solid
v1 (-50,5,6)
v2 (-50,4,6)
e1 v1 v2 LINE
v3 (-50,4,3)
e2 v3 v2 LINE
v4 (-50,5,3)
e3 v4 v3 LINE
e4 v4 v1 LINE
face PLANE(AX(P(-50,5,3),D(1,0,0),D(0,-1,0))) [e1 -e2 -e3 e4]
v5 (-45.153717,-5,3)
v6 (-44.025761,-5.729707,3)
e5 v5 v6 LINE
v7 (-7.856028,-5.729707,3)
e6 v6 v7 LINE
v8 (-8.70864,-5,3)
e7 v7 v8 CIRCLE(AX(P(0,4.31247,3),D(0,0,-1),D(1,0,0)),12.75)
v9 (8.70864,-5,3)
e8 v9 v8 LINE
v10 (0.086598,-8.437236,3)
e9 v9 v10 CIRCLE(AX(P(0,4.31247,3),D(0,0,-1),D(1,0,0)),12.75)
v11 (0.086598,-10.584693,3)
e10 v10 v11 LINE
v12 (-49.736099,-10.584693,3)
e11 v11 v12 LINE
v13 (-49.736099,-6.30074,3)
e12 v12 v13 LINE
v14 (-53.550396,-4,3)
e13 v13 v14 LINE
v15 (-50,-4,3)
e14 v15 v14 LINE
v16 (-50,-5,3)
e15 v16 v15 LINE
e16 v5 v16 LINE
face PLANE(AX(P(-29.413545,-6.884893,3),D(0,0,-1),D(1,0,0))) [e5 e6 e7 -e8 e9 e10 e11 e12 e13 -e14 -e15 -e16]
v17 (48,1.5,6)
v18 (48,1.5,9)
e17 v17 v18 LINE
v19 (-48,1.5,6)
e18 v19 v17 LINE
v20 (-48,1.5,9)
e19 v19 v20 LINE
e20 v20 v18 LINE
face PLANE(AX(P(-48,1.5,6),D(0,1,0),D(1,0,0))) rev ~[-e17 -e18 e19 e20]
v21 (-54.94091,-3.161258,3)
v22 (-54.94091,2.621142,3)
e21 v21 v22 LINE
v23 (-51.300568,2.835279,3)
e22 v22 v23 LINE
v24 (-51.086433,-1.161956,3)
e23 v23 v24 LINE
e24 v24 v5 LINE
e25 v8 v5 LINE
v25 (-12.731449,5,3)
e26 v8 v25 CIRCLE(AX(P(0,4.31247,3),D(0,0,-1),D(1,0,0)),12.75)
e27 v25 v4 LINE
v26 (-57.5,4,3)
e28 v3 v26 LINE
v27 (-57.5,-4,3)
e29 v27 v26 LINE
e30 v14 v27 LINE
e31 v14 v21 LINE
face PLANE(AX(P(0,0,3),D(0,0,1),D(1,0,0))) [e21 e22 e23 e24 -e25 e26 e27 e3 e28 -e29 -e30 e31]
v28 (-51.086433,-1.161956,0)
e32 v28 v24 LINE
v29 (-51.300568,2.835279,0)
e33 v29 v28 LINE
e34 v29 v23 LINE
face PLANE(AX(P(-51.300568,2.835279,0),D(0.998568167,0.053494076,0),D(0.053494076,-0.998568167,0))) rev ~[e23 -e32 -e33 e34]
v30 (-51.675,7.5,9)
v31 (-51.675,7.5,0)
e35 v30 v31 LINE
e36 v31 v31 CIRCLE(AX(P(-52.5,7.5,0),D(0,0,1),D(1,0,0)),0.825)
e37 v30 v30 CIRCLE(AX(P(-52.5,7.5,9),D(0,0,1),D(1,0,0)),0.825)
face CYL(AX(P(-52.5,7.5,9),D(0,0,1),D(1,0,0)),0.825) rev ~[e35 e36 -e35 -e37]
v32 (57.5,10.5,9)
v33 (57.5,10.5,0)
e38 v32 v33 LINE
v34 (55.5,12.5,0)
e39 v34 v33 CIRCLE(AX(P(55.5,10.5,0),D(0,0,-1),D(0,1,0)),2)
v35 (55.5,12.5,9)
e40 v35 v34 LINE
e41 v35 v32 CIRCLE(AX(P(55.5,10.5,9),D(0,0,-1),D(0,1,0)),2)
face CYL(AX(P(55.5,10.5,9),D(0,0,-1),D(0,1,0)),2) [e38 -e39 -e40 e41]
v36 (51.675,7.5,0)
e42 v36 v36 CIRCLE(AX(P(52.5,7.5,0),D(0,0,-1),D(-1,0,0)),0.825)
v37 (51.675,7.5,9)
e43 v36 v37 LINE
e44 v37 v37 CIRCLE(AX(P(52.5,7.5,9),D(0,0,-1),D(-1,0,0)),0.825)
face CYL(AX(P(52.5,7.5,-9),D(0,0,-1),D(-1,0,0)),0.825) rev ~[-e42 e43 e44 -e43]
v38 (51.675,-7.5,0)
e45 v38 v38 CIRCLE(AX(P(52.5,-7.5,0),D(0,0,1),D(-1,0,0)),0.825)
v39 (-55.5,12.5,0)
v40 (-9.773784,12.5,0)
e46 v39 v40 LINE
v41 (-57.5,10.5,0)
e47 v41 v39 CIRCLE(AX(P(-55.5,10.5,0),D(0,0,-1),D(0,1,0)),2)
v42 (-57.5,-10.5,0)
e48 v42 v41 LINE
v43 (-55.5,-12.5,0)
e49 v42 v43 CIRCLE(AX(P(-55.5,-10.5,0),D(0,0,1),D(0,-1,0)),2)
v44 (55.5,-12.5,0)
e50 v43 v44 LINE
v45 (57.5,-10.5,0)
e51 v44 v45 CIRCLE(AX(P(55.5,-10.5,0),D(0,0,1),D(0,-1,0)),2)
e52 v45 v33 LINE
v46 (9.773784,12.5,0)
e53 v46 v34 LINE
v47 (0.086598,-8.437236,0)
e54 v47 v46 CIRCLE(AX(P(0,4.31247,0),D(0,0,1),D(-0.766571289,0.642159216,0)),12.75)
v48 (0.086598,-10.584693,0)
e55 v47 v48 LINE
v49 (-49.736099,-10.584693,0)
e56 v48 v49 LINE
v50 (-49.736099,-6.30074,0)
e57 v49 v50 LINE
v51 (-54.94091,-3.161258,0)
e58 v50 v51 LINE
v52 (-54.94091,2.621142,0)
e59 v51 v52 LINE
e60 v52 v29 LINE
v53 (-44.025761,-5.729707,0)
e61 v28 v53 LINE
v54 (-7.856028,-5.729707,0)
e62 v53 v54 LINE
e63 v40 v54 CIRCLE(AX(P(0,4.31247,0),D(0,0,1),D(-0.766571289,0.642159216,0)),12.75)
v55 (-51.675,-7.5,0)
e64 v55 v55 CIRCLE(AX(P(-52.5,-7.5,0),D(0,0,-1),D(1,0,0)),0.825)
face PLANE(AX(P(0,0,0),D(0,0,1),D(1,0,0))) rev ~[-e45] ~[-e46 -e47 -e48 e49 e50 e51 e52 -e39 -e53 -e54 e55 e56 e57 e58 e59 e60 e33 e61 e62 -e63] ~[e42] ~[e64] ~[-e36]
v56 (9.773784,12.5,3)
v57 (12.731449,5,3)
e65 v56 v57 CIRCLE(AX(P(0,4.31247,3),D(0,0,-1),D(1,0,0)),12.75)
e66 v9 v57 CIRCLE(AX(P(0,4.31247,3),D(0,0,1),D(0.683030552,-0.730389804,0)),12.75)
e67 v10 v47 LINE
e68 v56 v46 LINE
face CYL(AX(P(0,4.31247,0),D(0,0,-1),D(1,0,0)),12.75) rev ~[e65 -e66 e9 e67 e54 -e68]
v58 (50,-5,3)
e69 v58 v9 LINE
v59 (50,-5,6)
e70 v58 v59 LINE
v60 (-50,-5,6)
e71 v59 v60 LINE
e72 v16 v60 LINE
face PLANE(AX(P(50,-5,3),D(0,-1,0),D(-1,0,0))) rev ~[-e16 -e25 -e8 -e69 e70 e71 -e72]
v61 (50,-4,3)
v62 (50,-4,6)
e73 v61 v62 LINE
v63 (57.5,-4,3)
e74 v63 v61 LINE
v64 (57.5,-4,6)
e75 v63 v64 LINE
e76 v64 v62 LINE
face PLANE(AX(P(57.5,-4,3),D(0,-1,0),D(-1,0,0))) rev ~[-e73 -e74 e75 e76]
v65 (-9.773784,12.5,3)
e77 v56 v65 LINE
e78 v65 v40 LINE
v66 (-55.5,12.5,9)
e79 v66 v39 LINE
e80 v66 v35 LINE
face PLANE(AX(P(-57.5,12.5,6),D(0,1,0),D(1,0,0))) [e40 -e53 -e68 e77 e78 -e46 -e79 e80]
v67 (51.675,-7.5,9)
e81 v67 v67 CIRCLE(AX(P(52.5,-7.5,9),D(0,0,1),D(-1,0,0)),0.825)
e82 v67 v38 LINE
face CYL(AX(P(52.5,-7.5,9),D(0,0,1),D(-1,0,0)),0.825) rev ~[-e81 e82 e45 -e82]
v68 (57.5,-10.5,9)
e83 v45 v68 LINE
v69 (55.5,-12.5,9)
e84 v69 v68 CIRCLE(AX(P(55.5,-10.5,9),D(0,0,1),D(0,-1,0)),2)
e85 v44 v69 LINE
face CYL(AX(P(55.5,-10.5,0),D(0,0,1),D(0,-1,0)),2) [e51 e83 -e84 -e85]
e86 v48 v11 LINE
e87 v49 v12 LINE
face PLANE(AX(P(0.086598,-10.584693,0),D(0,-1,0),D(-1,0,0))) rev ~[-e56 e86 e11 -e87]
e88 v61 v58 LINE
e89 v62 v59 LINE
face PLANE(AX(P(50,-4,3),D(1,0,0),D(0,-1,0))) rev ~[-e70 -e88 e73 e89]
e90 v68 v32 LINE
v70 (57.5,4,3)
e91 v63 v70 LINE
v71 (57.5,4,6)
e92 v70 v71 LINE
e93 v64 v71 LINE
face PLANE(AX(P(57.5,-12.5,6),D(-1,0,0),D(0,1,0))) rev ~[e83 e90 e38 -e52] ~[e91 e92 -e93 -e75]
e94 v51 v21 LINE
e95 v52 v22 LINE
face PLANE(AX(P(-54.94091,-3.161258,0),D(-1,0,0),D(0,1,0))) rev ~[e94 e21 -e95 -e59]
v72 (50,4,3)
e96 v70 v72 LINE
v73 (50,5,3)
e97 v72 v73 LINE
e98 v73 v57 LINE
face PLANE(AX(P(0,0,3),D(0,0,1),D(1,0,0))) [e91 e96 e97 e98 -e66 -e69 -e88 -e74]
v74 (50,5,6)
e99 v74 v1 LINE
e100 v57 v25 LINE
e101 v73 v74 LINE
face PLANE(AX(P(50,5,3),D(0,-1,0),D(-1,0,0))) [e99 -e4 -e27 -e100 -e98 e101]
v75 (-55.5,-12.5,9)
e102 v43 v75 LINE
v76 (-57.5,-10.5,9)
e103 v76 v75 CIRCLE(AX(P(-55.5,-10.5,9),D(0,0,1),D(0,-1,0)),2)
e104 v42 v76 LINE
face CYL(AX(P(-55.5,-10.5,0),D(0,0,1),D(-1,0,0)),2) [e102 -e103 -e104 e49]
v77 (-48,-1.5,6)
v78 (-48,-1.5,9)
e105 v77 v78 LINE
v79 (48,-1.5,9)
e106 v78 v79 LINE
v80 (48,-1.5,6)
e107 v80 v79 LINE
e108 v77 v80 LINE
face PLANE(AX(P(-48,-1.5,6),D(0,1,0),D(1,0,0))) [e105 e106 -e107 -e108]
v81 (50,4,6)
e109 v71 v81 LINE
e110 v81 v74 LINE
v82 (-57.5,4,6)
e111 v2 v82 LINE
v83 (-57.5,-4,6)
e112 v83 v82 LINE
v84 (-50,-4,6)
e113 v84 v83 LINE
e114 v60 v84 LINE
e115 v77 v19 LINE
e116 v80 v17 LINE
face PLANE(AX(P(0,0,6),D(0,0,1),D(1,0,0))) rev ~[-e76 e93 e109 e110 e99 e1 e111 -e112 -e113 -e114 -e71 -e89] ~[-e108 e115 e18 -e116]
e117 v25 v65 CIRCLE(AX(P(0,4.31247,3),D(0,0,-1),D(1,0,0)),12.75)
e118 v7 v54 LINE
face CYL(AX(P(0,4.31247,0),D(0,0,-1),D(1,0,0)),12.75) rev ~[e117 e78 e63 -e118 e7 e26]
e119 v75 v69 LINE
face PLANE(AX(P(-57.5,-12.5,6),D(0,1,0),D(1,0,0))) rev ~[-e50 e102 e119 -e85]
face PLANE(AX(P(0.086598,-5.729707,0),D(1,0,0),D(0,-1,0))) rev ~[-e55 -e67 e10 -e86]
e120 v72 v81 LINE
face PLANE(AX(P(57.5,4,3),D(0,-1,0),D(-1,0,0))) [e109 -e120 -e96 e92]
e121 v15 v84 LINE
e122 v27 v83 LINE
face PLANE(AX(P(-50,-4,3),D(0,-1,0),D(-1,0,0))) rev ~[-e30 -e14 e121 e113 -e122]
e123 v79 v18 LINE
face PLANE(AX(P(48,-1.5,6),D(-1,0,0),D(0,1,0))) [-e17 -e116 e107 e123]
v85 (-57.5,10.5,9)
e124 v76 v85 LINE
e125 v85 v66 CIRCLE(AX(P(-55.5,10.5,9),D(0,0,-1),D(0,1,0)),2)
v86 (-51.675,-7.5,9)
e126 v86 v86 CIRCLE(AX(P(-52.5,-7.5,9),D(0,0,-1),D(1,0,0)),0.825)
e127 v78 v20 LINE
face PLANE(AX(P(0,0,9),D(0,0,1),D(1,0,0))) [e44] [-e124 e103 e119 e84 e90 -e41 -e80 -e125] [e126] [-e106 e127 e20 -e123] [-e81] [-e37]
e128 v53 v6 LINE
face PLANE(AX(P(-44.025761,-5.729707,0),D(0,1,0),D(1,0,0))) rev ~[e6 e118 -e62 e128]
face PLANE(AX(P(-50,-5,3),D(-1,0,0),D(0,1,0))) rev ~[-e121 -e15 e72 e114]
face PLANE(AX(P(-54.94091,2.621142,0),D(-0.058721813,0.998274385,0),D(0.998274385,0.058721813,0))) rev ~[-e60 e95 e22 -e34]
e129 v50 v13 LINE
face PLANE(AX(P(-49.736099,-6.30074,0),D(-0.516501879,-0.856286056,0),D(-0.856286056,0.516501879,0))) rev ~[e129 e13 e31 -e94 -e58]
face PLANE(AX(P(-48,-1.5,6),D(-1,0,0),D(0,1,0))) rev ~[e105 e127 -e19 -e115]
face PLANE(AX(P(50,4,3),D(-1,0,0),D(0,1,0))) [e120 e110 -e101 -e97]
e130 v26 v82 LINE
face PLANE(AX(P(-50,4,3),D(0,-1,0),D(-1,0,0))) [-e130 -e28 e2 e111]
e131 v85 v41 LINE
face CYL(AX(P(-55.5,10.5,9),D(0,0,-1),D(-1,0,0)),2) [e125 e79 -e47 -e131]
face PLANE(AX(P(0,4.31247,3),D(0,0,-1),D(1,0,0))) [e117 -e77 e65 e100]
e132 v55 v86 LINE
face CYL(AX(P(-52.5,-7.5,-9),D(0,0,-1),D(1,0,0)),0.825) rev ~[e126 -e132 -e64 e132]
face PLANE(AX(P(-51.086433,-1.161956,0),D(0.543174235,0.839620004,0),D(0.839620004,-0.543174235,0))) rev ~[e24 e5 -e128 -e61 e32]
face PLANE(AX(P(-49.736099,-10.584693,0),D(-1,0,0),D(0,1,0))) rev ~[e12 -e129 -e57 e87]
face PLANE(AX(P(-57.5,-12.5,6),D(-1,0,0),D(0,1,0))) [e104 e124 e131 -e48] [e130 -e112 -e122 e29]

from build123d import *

# Parameters (mm, degrees)
SKETCH_W              = 115
SKETCH_H              = 25
PAD_DEPTH             = 3
PAD001_DEPTH          = 3
SKETCH002_W           = 115
SKETCH002_H           = 25
SKETCH002_W_2         = 96
SKETCH002_H_2         = 3
PAD002_DEPTH          = 3
SKETCH003_R           = 0.825
POCKET_DEPTH          = 245.060315
POLARPATTERN_COUNT    = 2
POLARPATTERN001_COUNT = 2
POLARPATTERN002_COUNT = 2
FILLET_R              = 2
SKETCH004_R           = 12.75
POCKET001_DEPTH       = 3
POCKET002_DEPTH       = 3


with BuildPart() as part:
    # Sketch → Pad (new body)
    with BuildSketch(Plane.XY):
        Rectangle(SKETCH_W, SKETCH_H)
    extrude(amount=PAD_DEPTH)

    # Sketch001 (on Face6 of Pad) → Pad001 (join)
    with BuildSketch(Plane.XY.offset(3)):
        Polygon((-57.5, 12.5), (57.5, 12.5), (57.5, 4), (50, 4), (50, 5), (-50, 5), (-50, 4), (-57.5, 4), align=None)
        Polygon((-57.5, -12.5), (57.5, -12.5), (57.5, -4), (50, -4), (50, -5), (-50, -5), (-50, -4), (-57.5, -4), align=None)
    extrude(amount=PAD001_DEPTH)

    # Sketch002 (on Face12 of Pad001) → Pad002 (join)
    with BuildSketch(Plane.XY.offset(6)):
        Rectangle(SKETCH002_W, SKETCH002_H)
        Rectangle(SKETCH002_W_2, SKETCH002_H_2, mode=Mode.SUBTRACT)
    extrude(amount=PAD002_DEPTH)

    # Sketch003 (on Face26 of Pad002) → Pocket (cut, through all)
    with BuildSketch(Plane.XY.offset(9)):
        with Locations((-52.5, 7.5)):
            Circle(SKETCH003_R)
    pocket = extrude(amount=-POCKET_DEPTH, mode=Mode.SUBTRACT)

    # PolarPattern: Pocket ×2 about axis
    polarpattern_axis = Axis((0, 0, 0), (0, 1, 0))
    for i in range(1, POLARPATTERN_COUNT):
        add(pocket.rotate(polarpattern_axis, i * 360 / POLARPATTERN_COUNT), mode=Mode.SUBTRACT)

    # PolarPattern001: Pocket ×2 about axis
    polarpattern001_axis = Axis((0, 0, 0), (1, 0, 0))
    for i in range(1, POLARPATTERN001_COUNT):
        add(pocket.rotate(polarpattern001_axis, i * 360 / POLARPATTERN001_COUNT), mode=Mode.SUBTRACT)

    # PolarPattern002: Pocket ×2 about axis
    polarpattern002_axis = Axis((0, 0, 9), (0, 0, 1))
    for i in range(1, POLARPATTERN002_COUNT):
        add(pocket.rotate(polarpattern002_axis, i * 360 / POLARPATTERN002_COUNT), mode=Mode.SUBTRACT)

    # Fillet
    fillet_edges = [part.edges().sort_by_distance(p)[0] for p in [
        (57.5, 12.5, 7.5),
        (57.5, 12.5, 4.5),
        (57.5, 12.5, 1.5),
        (57.5, -12.5, 7.5),
        (-57.5, 12.5, 7.5),
        (-57.5, -12.5, 7.5),
    ]]
    fillet(fillet_edges, radius=FILLET_R)

    # Sketch004 (on Face2 of Fillet) → Pocket001 (cut)
    with BuildSketch(Plane(origin=(0, 0, 0), x_dir=(1, 0, 0), z_dir=(0, 0, -1))):
        with Locations((0, -4.31247)):
            Circle(SKETCH004_R)
    extrude(amount=-POCKET001_DEPTH, mode=Mode.SUBTRACT)

    # Sketch005 (on Face2 of Pocket001) → Pocket002 (cut)
    with BuildSketch(Plane(origin=(0, 0, 0), x_dir=(1, 0, 0), z_dir=(0, 0, -1))):
        Polygon((0.086598, 10.584693), (-49.736099, 10.584693), (-49.736099, 6.30074), (-54.94091, 3.161258), (-54.94091, -2.621142), (-51.300568, -2.835279), (-51.086433, 1.161956), (-44.025761, 5.729707), (0.086598, 5.729707), align=None)
    extrude(amount=-POCKET002_DEPTH, mode=Mode.SUBTRACT)


solid = part.part
